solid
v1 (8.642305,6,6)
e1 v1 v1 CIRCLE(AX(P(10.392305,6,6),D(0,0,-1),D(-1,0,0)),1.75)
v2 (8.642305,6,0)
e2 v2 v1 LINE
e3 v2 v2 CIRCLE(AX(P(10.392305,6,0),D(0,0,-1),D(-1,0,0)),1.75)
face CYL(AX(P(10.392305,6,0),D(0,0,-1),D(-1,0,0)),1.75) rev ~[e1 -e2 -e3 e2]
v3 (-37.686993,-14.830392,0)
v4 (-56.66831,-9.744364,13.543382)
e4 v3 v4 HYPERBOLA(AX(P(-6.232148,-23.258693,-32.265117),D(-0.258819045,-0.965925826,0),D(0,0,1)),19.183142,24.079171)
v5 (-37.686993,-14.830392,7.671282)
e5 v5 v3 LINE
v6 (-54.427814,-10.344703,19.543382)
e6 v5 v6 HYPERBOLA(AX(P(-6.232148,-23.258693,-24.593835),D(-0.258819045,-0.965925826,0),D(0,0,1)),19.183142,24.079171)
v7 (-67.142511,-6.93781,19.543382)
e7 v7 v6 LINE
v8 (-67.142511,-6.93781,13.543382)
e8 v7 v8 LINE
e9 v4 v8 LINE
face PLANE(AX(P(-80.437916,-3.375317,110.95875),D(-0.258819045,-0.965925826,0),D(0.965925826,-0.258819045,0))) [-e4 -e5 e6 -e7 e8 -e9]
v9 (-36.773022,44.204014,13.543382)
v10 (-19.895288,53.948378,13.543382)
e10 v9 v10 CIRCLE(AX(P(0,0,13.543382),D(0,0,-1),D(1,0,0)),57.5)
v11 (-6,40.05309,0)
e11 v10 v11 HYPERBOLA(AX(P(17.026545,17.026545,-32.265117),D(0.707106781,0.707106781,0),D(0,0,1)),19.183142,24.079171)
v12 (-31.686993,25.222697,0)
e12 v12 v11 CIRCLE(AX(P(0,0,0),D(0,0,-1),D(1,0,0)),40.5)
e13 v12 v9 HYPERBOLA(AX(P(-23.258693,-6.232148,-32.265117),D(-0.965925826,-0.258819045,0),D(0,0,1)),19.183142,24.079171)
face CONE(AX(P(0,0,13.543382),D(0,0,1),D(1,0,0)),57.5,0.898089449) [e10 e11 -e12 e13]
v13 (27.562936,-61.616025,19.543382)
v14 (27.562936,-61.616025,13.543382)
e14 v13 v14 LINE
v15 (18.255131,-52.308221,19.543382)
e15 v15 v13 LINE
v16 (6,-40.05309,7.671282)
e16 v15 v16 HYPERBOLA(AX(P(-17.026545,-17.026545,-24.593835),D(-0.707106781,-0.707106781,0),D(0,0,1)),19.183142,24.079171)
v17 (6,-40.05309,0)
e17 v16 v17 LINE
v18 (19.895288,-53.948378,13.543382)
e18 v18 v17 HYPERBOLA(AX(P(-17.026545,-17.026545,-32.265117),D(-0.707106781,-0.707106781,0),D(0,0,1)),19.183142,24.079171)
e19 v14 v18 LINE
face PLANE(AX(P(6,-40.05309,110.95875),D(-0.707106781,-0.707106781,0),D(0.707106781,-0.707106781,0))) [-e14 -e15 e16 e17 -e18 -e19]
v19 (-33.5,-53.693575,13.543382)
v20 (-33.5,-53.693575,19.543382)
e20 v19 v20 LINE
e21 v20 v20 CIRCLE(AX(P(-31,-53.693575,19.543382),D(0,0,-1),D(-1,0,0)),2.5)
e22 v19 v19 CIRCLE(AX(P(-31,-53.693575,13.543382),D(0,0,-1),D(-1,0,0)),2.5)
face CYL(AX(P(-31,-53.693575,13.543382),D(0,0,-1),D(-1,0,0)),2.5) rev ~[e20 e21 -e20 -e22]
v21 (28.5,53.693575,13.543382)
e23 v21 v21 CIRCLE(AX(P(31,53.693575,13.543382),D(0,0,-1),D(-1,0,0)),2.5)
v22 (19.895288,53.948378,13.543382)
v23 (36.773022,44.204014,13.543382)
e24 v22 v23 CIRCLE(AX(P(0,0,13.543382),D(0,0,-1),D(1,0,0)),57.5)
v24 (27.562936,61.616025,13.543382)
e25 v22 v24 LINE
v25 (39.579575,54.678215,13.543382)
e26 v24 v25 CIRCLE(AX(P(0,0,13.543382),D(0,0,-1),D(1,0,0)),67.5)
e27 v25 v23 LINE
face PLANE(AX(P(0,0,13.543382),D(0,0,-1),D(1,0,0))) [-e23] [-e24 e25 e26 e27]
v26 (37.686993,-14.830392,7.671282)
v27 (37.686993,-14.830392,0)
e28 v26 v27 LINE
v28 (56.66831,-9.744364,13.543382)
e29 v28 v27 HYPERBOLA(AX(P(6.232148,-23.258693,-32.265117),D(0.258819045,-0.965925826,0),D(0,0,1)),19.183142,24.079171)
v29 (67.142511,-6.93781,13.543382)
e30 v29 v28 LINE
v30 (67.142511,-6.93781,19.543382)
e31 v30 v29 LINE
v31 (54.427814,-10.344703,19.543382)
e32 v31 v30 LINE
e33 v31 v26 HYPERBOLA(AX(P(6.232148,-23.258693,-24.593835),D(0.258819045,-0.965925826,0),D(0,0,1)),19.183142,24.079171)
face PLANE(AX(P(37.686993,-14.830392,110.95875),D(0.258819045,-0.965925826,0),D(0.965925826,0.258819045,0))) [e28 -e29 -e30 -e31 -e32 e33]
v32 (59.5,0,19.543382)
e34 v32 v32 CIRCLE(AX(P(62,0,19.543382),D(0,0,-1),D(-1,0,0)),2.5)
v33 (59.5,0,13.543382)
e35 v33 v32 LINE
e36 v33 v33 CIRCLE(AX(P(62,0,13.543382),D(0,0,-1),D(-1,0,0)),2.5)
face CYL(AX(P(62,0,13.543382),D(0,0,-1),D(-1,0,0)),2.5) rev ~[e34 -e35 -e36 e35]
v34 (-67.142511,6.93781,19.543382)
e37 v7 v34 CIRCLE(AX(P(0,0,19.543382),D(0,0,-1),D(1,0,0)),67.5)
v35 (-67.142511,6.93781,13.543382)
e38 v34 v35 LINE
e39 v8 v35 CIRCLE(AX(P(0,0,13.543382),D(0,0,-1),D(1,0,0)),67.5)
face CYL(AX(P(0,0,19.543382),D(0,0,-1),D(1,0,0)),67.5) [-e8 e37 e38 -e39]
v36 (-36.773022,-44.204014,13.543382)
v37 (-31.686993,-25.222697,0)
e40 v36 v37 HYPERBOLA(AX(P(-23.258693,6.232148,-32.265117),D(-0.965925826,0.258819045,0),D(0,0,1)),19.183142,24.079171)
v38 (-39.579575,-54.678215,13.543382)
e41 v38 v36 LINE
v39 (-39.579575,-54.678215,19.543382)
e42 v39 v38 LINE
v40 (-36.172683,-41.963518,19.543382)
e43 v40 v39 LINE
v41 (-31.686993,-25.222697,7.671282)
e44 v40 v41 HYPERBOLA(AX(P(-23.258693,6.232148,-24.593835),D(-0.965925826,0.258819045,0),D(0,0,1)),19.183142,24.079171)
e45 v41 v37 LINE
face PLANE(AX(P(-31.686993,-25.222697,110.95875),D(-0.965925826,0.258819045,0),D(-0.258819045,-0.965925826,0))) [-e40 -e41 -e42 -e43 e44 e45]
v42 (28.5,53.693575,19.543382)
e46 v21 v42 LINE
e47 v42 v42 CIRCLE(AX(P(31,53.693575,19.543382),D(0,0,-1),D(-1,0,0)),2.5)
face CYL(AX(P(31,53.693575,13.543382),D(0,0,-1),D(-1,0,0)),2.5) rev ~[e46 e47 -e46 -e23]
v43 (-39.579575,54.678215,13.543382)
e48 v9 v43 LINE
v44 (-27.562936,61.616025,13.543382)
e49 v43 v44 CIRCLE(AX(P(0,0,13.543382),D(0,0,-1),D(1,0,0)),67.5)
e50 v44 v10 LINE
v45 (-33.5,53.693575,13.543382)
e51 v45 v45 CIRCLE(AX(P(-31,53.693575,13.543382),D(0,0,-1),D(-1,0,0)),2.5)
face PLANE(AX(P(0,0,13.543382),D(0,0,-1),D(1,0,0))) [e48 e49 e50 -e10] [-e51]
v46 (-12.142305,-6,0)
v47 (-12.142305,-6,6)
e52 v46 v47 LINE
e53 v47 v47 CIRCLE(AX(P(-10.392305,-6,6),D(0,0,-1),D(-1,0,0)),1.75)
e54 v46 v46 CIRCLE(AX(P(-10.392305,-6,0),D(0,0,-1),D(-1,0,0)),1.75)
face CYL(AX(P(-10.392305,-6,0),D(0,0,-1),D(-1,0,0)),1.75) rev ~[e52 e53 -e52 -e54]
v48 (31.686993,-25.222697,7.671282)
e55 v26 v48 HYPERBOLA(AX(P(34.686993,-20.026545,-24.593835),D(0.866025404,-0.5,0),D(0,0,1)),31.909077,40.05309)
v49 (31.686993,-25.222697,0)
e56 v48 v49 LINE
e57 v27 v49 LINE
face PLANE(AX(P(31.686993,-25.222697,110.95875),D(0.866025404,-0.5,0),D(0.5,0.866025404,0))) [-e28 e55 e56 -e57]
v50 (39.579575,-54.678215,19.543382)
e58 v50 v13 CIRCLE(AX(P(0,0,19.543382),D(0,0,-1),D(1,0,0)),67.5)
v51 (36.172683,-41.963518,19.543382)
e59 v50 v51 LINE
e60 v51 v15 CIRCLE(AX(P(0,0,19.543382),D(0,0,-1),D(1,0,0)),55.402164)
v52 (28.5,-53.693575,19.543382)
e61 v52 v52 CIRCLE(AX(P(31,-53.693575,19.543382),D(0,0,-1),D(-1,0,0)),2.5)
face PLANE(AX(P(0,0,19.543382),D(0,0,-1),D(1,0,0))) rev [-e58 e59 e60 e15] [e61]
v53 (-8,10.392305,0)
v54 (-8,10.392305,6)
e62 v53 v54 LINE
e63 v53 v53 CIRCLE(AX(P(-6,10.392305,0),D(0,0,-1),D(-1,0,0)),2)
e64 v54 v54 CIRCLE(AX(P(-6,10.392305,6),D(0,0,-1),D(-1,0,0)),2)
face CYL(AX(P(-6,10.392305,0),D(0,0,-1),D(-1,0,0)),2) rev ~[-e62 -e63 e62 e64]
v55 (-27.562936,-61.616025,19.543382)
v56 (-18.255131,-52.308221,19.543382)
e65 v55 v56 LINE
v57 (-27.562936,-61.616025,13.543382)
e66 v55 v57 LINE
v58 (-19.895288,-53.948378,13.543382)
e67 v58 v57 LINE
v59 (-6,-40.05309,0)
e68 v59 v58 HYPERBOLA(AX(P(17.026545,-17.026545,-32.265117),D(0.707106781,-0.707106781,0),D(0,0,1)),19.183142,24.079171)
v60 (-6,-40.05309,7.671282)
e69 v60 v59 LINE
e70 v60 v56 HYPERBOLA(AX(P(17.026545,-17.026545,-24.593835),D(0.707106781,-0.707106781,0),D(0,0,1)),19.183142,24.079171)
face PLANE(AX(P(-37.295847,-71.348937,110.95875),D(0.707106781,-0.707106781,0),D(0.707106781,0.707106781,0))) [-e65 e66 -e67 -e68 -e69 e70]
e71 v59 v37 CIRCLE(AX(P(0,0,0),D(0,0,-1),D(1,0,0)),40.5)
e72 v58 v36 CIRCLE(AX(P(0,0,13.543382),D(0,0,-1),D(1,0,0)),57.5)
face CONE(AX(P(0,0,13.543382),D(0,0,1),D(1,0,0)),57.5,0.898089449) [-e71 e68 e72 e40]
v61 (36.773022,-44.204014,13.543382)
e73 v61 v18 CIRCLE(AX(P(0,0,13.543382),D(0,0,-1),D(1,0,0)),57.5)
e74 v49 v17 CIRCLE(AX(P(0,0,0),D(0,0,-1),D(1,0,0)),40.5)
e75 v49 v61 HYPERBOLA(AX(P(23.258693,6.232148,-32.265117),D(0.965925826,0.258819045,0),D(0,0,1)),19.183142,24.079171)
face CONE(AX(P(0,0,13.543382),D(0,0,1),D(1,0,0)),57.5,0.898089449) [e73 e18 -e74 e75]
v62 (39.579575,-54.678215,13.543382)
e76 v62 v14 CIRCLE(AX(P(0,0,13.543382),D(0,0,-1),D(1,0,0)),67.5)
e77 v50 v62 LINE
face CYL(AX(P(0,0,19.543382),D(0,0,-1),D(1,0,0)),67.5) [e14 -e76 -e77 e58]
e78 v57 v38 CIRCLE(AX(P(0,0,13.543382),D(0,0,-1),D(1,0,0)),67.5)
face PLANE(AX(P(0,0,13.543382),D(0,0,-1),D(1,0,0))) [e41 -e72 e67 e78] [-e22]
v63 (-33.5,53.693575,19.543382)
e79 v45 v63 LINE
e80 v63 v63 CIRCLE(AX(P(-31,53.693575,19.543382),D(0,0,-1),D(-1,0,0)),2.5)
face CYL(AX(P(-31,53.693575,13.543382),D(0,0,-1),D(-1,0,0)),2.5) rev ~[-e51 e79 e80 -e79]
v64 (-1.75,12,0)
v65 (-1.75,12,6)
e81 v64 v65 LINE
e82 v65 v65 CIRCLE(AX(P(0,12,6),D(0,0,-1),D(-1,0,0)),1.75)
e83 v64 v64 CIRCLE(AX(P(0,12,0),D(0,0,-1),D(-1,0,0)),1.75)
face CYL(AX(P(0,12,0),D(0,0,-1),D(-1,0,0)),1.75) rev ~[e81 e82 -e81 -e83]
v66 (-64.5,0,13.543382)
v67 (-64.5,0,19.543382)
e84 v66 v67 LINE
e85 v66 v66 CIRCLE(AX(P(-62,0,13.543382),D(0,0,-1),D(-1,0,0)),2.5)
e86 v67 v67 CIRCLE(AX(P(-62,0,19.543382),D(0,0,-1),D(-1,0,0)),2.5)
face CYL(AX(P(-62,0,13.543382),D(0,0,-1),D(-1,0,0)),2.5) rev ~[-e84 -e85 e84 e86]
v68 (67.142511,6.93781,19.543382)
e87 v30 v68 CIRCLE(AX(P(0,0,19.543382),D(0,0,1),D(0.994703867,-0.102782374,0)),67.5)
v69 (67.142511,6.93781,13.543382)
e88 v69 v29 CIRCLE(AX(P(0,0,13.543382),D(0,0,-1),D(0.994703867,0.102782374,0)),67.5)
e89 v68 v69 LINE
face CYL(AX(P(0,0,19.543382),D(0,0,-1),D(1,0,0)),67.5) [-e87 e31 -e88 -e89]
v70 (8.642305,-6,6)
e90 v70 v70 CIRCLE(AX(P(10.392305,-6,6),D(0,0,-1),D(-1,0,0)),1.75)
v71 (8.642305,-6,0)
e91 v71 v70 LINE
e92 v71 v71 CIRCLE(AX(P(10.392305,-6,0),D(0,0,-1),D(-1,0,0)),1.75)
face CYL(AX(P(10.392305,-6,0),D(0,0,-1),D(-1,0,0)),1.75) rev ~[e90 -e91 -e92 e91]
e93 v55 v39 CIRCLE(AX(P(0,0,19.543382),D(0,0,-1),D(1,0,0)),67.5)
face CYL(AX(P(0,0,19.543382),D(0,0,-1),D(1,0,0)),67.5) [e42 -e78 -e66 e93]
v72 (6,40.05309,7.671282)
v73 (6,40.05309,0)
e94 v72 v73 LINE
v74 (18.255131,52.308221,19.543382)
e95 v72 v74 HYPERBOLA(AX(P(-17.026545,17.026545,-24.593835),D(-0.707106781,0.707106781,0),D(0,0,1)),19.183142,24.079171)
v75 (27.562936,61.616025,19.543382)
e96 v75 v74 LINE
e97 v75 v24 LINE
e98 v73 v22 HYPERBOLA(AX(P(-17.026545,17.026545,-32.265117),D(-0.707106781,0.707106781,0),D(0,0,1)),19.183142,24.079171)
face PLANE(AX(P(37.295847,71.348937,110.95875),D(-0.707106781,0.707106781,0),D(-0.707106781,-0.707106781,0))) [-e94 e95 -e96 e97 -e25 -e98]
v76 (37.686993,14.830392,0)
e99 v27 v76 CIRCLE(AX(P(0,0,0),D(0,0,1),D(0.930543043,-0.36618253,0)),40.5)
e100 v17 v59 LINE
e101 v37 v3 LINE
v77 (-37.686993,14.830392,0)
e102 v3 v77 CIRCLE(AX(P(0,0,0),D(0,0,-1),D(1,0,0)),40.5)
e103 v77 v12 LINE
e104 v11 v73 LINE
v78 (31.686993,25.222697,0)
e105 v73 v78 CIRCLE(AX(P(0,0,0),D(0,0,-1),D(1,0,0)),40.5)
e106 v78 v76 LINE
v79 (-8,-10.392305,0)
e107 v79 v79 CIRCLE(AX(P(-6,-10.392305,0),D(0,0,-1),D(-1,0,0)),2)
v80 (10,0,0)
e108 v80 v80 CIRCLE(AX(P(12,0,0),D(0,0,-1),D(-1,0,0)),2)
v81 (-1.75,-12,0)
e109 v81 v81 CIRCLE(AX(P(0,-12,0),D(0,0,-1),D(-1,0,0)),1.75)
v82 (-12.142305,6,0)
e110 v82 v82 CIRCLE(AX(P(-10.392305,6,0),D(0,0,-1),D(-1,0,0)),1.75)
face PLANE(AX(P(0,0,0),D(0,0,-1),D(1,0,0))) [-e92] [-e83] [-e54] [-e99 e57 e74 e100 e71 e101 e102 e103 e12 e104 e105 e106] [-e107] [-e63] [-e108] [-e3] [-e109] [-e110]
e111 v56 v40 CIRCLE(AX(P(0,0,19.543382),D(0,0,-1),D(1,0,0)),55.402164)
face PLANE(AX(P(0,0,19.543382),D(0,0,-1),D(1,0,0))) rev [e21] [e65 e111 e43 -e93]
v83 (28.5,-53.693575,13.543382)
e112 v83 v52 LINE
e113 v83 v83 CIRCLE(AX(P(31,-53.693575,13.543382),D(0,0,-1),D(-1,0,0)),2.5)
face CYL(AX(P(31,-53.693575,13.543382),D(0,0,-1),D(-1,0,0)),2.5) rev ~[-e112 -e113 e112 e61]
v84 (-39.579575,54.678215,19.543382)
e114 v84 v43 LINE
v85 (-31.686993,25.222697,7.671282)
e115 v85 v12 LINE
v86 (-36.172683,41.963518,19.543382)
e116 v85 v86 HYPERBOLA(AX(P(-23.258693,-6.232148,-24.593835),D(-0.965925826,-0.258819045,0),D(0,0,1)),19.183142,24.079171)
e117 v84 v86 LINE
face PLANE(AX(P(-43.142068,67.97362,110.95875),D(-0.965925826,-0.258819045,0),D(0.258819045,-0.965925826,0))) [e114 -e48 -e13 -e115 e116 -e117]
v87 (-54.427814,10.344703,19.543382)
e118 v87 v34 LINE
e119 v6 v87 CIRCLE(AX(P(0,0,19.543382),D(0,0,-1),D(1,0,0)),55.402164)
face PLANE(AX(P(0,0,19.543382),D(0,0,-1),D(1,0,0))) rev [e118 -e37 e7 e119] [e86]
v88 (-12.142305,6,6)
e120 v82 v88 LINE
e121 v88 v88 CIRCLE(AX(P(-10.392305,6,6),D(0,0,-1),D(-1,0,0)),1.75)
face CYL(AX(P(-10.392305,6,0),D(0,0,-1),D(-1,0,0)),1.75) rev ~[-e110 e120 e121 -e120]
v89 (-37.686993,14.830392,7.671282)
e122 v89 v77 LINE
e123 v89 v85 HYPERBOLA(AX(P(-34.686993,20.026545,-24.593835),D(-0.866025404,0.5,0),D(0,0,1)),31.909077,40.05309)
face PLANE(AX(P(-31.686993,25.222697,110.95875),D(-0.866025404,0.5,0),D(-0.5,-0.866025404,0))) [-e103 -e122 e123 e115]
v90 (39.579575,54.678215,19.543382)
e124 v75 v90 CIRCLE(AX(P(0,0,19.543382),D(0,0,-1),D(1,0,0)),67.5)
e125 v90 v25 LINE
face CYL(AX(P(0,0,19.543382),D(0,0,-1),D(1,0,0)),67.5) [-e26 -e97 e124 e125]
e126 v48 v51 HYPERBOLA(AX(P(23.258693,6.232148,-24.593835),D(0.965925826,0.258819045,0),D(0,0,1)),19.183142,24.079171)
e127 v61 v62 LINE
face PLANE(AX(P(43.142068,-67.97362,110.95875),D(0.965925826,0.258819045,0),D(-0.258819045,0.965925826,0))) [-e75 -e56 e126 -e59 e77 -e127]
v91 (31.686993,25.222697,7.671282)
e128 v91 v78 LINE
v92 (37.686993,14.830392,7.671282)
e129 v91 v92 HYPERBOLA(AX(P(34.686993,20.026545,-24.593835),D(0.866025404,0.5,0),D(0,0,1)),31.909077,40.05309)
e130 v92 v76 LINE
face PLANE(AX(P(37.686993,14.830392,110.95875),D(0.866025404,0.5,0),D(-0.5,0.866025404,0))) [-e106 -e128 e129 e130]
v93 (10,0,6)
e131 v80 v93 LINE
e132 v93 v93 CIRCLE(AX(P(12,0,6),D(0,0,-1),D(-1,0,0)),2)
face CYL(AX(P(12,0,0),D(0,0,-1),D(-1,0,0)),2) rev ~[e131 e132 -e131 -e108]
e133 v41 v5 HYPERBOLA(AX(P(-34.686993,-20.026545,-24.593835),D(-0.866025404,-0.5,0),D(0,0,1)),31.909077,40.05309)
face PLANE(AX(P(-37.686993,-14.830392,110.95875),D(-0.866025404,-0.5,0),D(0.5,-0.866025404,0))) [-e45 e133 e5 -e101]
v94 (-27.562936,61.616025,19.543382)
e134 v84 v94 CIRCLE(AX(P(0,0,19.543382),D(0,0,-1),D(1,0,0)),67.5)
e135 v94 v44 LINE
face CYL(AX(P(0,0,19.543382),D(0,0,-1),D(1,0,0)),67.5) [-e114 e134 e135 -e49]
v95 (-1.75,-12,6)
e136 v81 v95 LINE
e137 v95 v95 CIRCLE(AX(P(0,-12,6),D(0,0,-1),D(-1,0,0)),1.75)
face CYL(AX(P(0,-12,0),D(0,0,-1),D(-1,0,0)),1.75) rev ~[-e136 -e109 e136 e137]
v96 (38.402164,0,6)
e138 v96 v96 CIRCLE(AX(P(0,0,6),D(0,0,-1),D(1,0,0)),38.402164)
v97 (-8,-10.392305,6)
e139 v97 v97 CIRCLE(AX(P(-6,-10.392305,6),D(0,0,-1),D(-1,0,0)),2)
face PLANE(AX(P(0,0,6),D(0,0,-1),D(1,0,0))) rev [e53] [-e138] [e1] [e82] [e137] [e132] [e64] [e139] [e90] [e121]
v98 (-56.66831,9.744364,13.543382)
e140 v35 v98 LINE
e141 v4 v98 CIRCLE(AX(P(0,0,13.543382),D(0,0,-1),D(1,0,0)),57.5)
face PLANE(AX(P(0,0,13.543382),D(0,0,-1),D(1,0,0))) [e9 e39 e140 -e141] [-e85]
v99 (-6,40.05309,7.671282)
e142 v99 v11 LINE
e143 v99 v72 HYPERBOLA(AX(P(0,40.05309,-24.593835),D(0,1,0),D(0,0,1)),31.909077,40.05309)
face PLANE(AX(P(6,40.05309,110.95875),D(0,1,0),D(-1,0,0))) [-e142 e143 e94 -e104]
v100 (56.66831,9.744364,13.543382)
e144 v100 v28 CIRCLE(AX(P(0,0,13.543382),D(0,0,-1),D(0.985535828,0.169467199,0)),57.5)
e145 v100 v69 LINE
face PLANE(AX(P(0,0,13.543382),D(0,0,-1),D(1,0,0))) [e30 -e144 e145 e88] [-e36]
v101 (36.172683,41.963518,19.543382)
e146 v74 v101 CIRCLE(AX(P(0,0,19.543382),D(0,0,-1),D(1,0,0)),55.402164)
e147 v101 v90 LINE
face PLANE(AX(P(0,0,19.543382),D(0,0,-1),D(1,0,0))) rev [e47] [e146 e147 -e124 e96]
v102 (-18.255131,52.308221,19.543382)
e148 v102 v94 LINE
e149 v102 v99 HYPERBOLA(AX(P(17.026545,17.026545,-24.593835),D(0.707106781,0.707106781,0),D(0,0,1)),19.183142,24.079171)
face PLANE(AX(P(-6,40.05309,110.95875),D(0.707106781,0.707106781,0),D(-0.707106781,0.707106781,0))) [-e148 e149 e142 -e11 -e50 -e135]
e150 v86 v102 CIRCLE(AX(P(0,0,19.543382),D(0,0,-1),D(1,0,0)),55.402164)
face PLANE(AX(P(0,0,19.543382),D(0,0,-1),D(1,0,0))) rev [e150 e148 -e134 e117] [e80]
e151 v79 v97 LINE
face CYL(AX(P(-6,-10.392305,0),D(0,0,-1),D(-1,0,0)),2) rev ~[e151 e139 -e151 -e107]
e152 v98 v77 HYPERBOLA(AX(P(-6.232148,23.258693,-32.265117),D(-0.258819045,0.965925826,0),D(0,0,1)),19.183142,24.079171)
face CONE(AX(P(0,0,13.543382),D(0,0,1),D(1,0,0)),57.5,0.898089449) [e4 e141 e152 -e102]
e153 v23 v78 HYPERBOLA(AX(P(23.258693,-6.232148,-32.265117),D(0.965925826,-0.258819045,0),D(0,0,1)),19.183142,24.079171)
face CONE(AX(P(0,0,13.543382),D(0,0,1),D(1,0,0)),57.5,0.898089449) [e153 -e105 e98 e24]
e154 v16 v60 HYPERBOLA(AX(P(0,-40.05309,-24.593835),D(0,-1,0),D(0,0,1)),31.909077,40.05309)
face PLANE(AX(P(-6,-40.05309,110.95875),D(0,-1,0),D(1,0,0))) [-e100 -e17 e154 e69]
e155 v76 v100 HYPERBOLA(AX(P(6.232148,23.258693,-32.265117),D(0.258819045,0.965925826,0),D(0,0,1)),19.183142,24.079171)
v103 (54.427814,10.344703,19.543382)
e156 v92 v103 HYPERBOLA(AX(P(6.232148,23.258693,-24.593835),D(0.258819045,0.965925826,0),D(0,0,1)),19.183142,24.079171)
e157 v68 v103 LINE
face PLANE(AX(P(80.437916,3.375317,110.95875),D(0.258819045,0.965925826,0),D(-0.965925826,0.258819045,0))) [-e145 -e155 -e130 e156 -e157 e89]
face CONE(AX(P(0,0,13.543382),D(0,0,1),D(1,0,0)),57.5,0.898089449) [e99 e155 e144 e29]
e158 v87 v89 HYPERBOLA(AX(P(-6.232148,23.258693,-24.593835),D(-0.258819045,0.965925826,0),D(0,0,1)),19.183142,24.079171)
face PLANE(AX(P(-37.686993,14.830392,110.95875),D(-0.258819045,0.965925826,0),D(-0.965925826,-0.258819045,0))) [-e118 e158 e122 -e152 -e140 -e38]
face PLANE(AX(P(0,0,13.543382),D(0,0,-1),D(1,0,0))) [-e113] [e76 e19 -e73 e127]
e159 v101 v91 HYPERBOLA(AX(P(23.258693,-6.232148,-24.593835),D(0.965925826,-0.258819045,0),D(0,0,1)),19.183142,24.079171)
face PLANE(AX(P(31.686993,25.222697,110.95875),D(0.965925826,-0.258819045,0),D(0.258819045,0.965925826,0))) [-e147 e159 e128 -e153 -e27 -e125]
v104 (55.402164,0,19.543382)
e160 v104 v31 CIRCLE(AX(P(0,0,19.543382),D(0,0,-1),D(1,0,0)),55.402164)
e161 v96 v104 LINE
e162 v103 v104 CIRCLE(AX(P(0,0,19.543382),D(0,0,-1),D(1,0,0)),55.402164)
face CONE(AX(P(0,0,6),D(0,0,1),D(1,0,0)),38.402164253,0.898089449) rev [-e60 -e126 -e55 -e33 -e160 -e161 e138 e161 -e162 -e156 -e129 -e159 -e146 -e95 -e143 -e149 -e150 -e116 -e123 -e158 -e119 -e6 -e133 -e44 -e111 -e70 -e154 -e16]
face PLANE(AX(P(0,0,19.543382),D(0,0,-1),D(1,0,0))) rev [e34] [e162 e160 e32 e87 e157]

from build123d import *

# Parameters (mm, degrees)
CUT_EXTRUDE15_DEPTH      = 97.415368098
CUT_EXTRUDE15_DEPTH_BACK = 97.415368098
SKETCH53_R               = 2.5
CUT_EXTRUDE16_DEPTH      = 93.391600197
SKETCH88_R               = 1.75
SKETCH88_R_2             = 2
CUT_EXTRUDE17_DEPTH      = 94.459768752


with BuildPart() as part:
    # Sketch51 → Revolve2 (revolve)
    with BuildSketch(Plane(origin=(0, 0, 0), x_dir=(0, 0, -1), z_dir=(1, 0, 0)), mode=Mode.PRIVATE) as revolve2_sk:
        Polygon((-13.54338235, 57.5), (0, 40.5), (0, 0), (-6, 0), (-6, 38.402164253), (-19.54338235, 55.402164253), (-19.54338235, 67.5), (-13.54338235, 67.5), align=None)
    revolve(revolve2_sk.sketch.rotate(Axis((0, 0, 0), (0, 0, -1)), 90), axis=Axis((0, 0, 0), (0, 0, -1)))

    # Sketch52 → Cut-Extrude15 (cut, two sides: drawn at the far end of the back side and taken through both)
    with BuildSketch(Plane(origin=(0, 0, 13.54338235), x_dir=(-1, 0, 0), z_dir=(0, 0, -1)).offset(-CUT_EXTRUDE15_DEPTH_BACK)):
        Polygon((-37.295847234, 71.348937003), (-6, 40.053089768), (6, 40.053089768), (37.295847234, 71.348937003), align=None)
        Polygon((31.68699324, 25.222697307), (37.68699324, 14.830392462), (80.437915594, 3.375317341), (43.14206836, 67.973619662), align=None)
        Polygon((37.68699324, -14.830392462), (31.68699324, -25.222697307), (43.14206836, -67.973619662), (80.437915594, -3.375317341), align=None)
        Polygon((6, -40.053089768), (-6, -40.053089768), (-37.295847234, -71.348937003), (37.295847234, -71.348937003), align=None)
        Polygon((-31.68699324, -25.222697307), (-37.68699324, -14.830392462), (-80.437915594, -3.375317341), (-43.14206836, -67.973619662), align=None)
        Polygon((-37.68699324, 14.830392462), (-31.68699324, 25.222697307), (-43.14206836, 67.973619662), (-80.437915594, 3.375317341), align=None)
    extrude(amount=CUT_EXTRUDE15_DEPTH + CUT_EXTRUDE15_DEPTH_BACK, mode=Mode.SUBTRACT)

    # Sketch53 → Cut-Extrude16 (cut, through all)
    with BuildSketch(Plane(origin=(0, 0, 13.54338235), x_dir=(-1, 0, 0), z_dir=(0, 0, -1))):
        with Locations((62, 0)):
            Circle(SKETCH53_R)
        with Locations((31, -53.693575035)):
            Circle(SKETCH53_R)
        with Locations((-31, -53.693575035)):
            Circle(SKETCH53_R)
        with Locations((-62, 0)):
            Circle(SKETCH53_R)
        with Locations((-31, 53.693575035)):
            Circle(SKETCH53_R)
        with Locations((31, 53.693575035)):
            Circle(SKETCH53_R)
    extrude(amount=-CUT_EXTRUDE16_DEPTH, mode=Mode.SUBTRACT)

    # Sketch88 → Cut-Extrude17 (cut, through all)
    with BuildSketch(Plane(origin=(0, 0, 0), x_dir=(-1, 0, 0), z_dir=(0, 0, -1))):
        with Locations((0, 12)):
            Circle(SKETCH88_R)
        with Locations((10.392304845, 6)):
            Circle(SKETCH88_R)
        with Locations((10.392304845, -6)):
            Circle(SKETCH88_R)
        with Locations((0, -12)):
            Circle(SKETCH88_R)
        with Locations((-10.392304845, -6)):
            Circle(SKETCH88_R)
        with Locations((-10.392304845, 6)):
            Circle(SKETCH88_R)
        with Locations((6, -10.392304845)):
            Circle(SKETCH88_R_2)
        with Locations((-12, 0)):
            Circle(SKETCH88_R_2)
        with Locations((6, 10.392304845)):
            Circle(SKETCH88_R_2)
    extrude(amount=-CUT_EXTRUDE17_DEPTH, mode=Mode.SUBTRACT)


solid = part.part
